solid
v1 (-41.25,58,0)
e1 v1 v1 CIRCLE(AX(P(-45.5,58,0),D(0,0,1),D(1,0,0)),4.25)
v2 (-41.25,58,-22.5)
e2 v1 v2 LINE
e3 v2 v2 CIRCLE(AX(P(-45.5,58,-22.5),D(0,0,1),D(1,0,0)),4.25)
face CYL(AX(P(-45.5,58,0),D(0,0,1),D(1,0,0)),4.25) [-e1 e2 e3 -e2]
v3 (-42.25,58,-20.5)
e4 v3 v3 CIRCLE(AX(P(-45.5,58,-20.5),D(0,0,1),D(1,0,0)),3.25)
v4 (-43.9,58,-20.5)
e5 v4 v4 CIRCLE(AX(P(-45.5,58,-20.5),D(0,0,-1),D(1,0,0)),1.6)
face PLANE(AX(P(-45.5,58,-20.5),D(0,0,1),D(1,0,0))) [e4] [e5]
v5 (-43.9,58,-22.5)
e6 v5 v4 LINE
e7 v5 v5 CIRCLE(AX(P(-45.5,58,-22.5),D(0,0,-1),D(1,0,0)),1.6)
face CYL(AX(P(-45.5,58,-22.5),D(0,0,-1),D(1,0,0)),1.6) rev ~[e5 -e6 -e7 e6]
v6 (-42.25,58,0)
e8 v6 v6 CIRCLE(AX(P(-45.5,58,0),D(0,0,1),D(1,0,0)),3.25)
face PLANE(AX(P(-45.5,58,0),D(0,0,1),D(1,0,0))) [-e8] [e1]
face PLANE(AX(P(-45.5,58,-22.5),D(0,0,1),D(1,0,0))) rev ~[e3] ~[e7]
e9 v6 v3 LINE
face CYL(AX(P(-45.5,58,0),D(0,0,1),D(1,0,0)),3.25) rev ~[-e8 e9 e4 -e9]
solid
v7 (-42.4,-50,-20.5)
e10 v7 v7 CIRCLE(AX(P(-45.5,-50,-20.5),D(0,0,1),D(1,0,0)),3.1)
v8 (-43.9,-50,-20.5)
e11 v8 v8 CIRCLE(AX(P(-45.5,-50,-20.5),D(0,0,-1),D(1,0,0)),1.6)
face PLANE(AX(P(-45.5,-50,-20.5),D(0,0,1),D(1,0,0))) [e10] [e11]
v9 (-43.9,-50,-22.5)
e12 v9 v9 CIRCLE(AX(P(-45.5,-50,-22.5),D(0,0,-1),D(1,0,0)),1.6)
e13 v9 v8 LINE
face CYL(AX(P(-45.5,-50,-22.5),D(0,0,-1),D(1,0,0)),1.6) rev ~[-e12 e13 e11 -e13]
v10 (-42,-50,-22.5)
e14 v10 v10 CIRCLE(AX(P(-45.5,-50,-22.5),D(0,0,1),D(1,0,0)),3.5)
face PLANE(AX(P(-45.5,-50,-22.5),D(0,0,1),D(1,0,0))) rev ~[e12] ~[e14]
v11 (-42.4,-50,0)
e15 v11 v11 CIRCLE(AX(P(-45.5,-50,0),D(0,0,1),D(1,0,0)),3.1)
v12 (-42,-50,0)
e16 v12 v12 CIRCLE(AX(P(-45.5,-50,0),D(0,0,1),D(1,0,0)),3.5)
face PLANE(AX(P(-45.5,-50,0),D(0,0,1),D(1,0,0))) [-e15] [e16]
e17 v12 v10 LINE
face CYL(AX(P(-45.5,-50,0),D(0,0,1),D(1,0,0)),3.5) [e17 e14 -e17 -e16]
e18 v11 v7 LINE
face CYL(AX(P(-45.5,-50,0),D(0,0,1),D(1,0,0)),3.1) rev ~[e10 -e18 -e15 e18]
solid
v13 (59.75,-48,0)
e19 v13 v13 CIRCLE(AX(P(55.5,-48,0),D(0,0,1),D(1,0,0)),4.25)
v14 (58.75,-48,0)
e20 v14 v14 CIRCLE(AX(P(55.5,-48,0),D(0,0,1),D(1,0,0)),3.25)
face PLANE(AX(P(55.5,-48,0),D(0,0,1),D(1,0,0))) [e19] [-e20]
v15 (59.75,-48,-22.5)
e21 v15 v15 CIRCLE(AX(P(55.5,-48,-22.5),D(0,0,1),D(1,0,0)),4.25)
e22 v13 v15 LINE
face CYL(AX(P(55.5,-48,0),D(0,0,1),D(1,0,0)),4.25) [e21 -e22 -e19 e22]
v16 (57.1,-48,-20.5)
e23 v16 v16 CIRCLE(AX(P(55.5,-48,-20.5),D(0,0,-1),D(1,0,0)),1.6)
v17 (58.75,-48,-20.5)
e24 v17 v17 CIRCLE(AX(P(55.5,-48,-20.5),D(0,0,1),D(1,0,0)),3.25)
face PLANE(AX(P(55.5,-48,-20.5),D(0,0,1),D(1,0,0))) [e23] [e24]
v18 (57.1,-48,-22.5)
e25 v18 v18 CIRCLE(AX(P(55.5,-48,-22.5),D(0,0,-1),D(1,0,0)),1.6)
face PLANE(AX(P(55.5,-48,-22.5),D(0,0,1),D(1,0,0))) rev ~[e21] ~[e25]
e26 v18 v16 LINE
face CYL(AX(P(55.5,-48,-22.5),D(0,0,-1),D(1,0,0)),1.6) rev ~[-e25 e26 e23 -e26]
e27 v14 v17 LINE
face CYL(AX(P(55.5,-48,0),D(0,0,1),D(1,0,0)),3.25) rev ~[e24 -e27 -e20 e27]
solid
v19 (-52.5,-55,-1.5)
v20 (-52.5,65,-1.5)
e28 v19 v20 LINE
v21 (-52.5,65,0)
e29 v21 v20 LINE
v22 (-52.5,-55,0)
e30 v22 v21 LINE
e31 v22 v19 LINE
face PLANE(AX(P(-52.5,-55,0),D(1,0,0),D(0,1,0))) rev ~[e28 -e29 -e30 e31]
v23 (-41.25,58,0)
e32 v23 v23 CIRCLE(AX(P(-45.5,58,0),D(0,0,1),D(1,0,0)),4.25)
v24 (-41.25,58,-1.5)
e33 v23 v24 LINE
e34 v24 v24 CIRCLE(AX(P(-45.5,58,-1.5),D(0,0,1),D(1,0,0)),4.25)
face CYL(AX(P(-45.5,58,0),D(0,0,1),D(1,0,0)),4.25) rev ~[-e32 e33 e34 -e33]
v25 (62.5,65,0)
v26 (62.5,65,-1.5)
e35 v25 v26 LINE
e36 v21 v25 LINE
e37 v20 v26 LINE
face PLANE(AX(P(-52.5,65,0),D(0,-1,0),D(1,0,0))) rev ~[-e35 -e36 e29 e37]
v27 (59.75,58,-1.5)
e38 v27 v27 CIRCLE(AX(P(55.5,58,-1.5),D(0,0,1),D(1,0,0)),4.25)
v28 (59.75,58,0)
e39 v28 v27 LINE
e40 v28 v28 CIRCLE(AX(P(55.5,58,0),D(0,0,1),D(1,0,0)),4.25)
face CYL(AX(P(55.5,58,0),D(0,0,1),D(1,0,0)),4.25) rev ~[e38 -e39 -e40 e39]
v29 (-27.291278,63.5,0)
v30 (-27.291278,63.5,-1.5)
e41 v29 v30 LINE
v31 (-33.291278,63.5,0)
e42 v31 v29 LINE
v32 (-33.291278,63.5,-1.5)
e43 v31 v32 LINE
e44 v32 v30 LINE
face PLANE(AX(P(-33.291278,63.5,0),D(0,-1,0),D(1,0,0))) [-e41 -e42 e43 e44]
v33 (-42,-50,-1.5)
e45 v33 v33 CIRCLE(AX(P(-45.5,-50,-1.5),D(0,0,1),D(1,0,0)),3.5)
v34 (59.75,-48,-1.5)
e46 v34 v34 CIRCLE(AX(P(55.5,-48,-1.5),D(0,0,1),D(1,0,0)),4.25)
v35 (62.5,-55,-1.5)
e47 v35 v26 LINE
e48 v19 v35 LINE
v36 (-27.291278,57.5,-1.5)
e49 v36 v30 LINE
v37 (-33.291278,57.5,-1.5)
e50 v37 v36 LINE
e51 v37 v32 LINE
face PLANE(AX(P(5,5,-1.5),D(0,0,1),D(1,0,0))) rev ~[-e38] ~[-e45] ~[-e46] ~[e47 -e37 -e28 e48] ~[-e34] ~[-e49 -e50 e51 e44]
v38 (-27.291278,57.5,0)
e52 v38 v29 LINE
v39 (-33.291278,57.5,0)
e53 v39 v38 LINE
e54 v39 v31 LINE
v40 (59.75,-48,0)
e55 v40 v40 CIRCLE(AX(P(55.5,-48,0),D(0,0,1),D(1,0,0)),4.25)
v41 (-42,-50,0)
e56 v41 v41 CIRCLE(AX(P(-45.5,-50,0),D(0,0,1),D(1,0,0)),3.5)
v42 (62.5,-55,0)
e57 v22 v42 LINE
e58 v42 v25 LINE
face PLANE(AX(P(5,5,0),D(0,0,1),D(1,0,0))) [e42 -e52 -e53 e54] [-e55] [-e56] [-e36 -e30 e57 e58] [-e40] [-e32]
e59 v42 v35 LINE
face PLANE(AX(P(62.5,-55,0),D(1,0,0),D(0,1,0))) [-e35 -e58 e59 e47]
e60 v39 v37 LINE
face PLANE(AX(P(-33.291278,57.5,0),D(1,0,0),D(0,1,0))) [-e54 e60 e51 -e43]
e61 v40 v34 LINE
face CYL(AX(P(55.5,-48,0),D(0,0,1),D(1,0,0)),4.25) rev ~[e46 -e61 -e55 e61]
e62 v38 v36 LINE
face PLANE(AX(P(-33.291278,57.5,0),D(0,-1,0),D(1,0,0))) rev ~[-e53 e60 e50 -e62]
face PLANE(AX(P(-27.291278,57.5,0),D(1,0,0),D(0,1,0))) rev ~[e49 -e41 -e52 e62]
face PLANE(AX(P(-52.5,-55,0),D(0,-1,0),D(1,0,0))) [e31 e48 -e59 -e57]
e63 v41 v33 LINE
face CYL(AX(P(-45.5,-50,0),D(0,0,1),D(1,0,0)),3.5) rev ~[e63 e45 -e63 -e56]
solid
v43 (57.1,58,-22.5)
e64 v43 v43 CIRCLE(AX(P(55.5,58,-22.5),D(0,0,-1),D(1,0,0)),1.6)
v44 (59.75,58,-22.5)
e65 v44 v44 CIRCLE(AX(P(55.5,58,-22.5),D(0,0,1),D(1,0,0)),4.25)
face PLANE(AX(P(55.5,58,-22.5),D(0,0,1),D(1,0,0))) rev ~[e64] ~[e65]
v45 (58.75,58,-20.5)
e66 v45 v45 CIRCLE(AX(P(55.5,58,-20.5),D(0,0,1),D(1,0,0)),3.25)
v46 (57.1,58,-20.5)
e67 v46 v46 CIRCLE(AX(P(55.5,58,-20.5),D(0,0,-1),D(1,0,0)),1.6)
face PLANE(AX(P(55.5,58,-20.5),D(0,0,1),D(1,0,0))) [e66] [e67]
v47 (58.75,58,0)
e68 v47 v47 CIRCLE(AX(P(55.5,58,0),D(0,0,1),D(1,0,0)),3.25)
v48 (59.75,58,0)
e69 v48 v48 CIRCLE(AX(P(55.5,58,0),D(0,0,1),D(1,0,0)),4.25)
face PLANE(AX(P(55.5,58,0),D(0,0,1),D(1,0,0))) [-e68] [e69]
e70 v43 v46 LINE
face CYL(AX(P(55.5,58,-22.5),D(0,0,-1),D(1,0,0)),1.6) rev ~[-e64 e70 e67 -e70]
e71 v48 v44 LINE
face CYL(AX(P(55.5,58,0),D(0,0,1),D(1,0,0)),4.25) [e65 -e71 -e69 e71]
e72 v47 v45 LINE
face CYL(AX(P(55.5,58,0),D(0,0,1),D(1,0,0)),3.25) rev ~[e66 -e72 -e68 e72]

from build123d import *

# Parameters (mm, degrees)
F0_W      = 115
F0_H      = 120
F0_R      = 3.5
F0_R_2    = 4.25
F0_W_2    = 6
F0_H_2    = 6
F1_DEPTH  = 1.5
F2_DEPTH  = 22.5
F3_R      = 3.25
F4_DEPTH  = 20.5
F5_R      = 3.25
F6_DEPTH  = 20.5
F7_R      = 3.1
F8_DEPTH  = 20.5
F9_R      = 3.25
F10_DEPTH = 20.5
F11_R     = 1.6
F12_DEPTH = 2.5
F13_R     = 1.6
F14_DEPTH = 2.5
F15_R     = 1.6
F16_DEPTH = 2.5
F17_R     = 1.6
F18_DEPTH = 2.5


with BuildPart() as f1:
    # F0 (on Top) → F1 (new body)
    with BuildSketch(Plane.XY):
        with Locations((5, 5)):
            Rectangle(F0_W, F0_H)
        with Locations((-45.5, -50)):
            Circle(F0_R, mode=Mode.SUBTRACT)
        with Locations((55.5, -48)):
            Circle(F0_R_2, mode=Mode.SUBTRACT)
        with Locations((-45.5, 58)):
            Circle(F0_R_2, mode=Mode.SUBTRACT)
        with Locations((-30.291278, 60.5)):
            Rectangle(F0_W_2, F0_H_2, mode=Mode.SUBTRACT)
        with Locations((55.5, 58)):
            Circle(F0_R_2, mode=Mode.SUBTRACT)
    extrude(amount=-F1_DEPTH)


with BuildPart() as f2:
    # F0 (on Top) → F2 (new body)
    with BuildSketch(Plane.XY):
        with Locations((-45.5, 58)):
            Circle(F0_R_2)
        with Locations((55.5, 58)):
            Circle(F0_R_2)
        with Locations((-45.5, -50)):
            Circle(F0_R)
        with Locations((55.5, -48)):
            Circle(F0_R_2)
    extrude(amount=-F2_DEPTH)

    # F3 (on face) → F4 (cut)
    with BuildSketch(Plane.XY):
        with Locations((55.5, 58)):
            Circle(F3_R)
    extrude(amount=-F4_DEPTH, mode=Mode.SUBTRACT)

    # F5 (on face) → F6 (cut)
    with BuildSketch(Plane.XY):
        with Locations((-45.5, 58)):
            Circle(F5_R)
    extrude(amount=-F6_DEPTH, mode=Mode.SUBTRACT)

    # F7 (on face) → F8 (cut)
    with BuildSketch(Plane.XY):
        with Locations((-45.5, -50)):
            Circle(F7_R)
    extrude(amount=-F8_DEPTH, mode=Mode.SUBTRACT)

    # F9 (on face) → F10 (cut)
    with BuildSketch(Plane.XY):
        with Locations((55.5, -48)):
            Circle(F9_R)
    extrude(amount=-F10_DEPTH, mode=Mode.SUBTRACT)

    # F11 (on face) → F12 (cut)
    with BuildSketch(Plane(origin=(0, 0, -22.5), x_dir=(1, 0, 0), z_dir=(0, 0, -1))):
        with Locations((-45.5, 50)):
            Circle(F11_R)
    extrude(amount=-F12_DEPTH, mode=Mode.SUBTRACT)

    # F13 (on face) → F14 (cut)
    with BuildSketch(Plane(origin=(0, 0, -22.5), x_dir=(1, 0, 0), z_dir=(0, 0, -1))):
        with Locations((-45.5, -58)):
            Circle(F13_R)
    extrude(amount=-F14_DEPTH, mode=Mode.SUBTRACT)

    # F15 (on face) → F16 (cut)
    with BuildSketch(Plane(origin=(0, 0, -22.5), x_dir=(1, 0, 0), z_dir=(0, 0, -1))):
        with Locations((55.5, -58)):
            Circle(F15_R)
    extrude(amount=-F16_DEPTH, mode=Mode.SUBTRACT)

    # F17 (on face) → F18 (cut)
    with BuildSketch(Plane(origin=(0, 0, -22.5), x_dir=(1, 0, 0), z_dir=(0, 0, -1))):
        with Locations((55.5, 48)):
            Circle(F17_R)
    extrude(amount=-F18_DEPTH, mode=Mode.SUBTRACT)


solid = Compound([f1.part, f2.part])
